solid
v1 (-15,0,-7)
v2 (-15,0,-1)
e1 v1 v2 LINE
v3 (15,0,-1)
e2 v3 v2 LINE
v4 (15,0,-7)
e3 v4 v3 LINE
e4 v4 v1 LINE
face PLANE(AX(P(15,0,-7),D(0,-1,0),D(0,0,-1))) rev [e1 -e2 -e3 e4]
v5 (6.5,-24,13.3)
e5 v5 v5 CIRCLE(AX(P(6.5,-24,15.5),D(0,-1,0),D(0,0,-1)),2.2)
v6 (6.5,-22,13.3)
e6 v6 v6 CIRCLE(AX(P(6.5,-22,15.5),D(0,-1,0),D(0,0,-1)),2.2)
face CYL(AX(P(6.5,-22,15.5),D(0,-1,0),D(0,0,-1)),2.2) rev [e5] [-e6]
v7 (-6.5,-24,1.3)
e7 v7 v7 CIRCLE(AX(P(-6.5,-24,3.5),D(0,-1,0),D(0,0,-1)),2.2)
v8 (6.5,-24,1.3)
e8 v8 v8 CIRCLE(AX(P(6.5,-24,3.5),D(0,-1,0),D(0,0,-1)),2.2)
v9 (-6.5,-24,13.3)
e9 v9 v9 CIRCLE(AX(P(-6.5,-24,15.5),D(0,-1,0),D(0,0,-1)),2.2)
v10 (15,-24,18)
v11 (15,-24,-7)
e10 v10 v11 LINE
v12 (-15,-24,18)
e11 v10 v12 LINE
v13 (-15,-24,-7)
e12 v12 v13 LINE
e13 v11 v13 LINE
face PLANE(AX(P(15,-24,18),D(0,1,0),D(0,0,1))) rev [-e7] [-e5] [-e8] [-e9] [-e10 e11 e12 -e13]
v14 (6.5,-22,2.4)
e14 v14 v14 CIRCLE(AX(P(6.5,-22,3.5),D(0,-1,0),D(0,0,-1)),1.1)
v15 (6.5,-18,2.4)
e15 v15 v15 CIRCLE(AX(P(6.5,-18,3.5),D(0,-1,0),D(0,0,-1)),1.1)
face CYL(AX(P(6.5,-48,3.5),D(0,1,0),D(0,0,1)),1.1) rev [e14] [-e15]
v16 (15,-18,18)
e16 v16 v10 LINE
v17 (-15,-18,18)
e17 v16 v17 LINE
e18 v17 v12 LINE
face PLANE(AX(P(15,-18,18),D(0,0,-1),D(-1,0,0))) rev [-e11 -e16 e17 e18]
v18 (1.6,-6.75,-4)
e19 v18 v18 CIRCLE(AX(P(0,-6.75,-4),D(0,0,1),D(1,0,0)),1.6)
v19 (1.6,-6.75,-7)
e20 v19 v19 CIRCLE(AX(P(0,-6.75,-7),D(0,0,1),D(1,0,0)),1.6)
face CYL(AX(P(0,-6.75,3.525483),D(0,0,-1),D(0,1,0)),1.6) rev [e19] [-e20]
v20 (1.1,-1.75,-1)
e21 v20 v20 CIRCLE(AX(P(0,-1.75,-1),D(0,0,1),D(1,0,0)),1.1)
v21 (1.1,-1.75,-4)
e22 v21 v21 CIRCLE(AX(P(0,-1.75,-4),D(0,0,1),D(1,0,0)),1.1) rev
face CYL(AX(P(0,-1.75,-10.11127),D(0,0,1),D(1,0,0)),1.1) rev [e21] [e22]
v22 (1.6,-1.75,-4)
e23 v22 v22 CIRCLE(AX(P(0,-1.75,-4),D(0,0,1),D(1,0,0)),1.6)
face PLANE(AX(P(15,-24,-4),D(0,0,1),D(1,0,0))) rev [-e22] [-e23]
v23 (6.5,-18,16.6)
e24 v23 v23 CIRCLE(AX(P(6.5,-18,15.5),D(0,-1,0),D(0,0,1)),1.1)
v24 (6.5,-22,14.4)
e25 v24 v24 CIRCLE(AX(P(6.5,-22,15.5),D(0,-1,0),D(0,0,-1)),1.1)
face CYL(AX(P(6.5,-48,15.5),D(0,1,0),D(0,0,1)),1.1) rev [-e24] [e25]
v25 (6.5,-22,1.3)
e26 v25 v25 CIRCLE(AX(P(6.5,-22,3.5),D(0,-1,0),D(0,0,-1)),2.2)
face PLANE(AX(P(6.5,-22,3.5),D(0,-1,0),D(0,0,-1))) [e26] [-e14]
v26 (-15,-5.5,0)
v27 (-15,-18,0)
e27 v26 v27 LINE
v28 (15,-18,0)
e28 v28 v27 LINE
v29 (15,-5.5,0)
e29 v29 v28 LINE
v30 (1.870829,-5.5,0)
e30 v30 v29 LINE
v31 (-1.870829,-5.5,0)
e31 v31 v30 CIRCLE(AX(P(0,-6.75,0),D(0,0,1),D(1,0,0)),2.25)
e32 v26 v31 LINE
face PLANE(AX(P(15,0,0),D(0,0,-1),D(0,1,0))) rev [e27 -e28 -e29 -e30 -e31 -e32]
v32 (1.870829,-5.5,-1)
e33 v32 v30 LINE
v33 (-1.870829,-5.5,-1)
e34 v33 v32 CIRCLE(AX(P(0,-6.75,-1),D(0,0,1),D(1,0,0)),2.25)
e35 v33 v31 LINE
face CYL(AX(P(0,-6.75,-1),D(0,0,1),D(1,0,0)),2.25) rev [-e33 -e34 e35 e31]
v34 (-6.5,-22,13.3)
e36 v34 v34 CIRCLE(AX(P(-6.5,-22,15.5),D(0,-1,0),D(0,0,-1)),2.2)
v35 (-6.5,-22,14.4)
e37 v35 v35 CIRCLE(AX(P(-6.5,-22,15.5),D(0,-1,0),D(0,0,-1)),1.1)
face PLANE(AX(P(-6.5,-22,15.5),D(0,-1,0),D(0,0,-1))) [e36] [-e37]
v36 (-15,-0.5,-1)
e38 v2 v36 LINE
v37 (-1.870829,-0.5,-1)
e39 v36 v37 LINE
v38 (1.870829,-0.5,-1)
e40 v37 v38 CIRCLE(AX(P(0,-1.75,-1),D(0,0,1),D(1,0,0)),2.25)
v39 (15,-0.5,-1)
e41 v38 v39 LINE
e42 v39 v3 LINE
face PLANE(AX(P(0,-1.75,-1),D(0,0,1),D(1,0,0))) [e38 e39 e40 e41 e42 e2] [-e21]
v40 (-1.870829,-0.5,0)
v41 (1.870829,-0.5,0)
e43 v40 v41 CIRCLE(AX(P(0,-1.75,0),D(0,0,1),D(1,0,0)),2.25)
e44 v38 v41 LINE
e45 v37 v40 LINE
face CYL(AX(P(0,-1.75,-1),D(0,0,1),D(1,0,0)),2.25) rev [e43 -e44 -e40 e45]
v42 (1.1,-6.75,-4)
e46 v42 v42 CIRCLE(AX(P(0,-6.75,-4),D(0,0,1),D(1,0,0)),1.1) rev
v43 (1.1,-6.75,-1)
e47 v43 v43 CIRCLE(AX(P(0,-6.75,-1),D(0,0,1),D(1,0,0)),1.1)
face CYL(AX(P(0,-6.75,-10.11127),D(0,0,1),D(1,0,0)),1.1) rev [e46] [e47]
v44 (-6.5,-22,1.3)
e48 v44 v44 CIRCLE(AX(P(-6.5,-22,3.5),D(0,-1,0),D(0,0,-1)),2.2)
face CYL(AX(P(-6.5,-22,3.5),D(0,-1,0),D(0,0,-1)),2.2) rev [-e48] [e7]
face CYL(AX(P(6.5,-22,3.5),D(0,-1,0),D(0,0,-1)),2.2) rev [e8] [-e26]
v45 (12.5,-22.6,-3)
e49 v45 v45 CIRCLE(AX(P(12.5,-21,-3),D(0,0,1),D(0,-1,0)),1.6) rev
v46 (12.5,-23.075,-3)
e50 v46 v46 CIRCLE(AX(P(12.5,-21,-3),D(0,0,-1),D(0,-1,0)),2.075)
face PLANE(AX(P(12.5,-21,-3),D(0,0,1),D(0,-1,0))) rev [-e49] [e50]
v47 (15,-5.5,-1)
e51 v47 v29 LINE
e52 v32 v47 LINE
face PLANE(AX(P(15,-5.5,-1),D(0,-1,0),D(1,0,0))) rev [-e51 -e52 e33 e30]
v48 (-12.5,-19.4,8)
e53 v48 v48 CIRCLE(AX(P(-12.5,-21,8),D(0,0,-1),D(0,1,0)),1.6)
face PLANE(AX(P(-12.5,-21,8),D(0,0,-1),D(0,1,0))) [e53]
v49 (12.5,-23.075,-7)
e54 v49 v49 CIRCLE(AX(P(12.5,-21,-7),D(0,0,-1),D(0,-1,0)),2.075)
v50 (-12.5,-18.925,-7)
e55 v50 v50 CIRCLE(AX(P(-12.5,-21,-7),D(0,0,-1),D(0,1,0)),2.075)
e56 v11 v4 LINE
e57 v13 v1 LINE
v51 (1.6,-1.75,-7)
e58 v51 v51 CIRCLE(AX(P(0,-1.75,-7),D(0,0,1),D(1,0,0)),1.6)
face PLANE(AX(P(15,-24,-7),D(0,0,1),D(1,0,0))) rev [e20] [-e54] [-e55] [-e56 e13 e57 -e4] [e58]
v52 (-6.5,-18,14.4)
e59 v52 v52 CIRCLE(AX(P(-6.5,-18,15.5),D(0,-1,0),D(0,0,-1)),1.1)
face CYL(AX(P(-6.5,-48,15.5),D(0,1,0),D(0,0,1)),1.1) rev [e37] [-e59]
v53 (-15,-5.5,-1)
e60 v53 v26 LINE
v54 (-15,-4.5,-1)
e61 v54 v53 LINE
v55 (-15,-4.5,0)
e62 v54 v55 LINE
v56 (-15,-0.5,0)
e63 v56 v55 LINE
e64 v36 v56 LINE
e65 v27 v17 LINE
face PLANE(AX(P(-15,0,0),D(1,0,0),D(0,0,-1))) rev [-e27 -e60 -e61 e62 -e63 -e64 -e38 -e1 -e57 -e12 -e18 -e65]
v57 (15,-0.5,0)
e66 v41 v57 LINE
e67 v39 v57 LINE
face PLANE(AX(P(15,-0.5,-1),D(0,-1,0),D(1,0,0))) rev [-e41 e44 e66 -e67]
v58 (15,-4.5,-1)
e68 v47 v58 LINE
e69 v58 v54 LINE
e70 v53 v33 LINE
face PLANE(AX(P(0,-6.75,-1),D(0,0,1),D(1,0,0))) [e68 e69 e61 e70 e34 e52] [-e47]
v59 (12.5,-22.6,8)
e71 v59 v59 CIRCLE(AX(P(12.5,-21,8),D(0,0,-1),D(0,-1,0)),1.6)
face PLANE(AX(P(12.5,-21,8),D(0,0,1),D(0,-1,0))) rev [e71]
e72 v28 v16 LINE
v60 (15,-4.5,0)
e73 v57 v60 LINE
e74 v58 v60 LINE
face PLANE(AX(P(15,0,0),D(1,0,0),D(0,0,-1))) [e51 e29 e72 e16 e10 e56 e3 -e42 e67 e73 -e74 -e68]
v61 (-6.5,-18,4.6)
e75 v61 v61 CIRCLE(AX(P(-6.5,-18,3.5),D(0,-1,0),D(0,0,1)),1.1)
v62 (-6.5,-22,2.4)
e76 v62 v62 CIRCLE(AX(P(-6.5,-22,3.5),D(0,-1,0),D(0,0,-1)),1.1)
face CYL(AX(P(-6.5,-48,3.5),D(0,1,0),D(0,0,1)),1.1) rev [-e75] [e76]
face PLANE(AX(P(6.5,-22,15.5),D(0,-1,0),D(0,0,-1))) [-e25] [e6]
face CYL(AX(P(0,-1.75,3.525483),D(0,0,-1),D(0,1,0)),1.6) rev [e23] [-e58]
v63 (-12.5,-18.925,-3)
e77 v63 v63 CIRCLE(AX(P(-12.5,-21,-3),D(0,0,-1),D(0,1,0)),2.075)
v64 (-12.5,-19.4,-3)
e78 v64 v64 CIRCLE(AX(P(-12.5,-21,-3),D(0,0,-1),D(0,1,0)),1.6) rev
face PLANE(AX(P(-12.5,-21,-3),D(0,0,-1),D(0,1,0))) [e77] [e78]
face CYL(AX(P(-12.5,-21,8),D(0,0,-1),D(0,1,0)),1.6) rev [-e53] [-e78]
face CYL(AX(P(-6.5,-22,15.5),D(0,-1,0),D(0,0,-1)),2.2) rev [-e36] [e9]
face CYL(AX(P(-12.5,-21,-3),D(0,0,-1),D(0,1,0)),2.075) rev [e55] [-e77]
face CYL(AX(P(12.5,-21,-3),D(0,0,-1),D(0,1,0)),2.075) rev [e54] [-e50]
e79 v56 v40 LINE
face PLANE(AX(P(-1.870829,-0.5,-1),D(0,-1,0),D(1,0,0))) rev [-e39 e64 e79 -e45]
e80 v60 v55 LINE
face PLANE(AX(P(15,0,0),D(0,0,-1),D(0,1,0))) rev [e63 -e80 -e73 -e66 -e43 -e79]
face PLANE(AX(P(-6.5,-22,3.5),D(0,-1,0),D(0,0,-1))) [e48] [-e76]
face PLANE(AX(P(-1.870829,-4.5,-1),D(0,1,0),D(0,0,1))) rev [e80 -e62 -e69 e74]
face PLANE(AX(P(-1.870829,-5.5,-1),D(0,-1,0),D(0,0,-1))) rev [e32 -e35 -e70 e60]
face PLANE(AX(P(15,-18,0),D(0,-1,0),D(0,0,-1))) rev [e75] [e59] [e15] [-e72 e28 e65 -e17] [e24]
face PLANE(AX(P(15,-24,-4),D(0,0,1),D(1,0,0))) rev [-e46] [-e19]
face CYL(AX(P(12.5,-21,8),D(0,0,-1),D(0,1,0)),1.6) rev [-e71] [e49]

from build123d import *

# Parameters (mm, degrees)
RESSALTO_EXTRUS_O1_DEPTH = 15
ESBO_O3_R                = 1.1
CORTE_EXTRUS_O1_DEPTH    = 30
CORTE_EXTRUS_O8_DEPTH    = 1
ESBO_O16_R               = 1.1
CORTE_EXTRUS_O9_DEPTH    = 7
ESBO_O17_R               = 1.6
CORTE_EXTRUS_O10_DEPTH   = 3
ESBO_O18_R               = 1.6
CORTE_EXTRUS_O11_DEPTH   = 15
ESBO_O19_R               = 2.075
CORTE_EXTRUS_O12_DEPTH   = 4
ESBO_O20_R               = 2.2
CORTE_EXTRUS_O13_DEPTH   = 2


with BuildPart() as part:
    # Esboço1 → Ressalto-extrusão1 (new body, symmetric)
    with BuildSketch(Plane(origin=(0, 0, 0), x_dir=(0, 0, -1), z_dir=(1, 0, 0))):
        Polygon((0, 0), (0, -18), (-18, -18), (-18, -24), (7, -24), (7, 0), align=None)
    extrude(amount=RESSALTO_EXTRUS_O1_DEPTH, both=True)

    # Esboço3 → Corte-extrusão1 (cut)
    with BuildSketch(Plane.XZ.offset(18)):
        with Locations((-6.5, 15.5)):
            Circle(ESBO_O3_R)
        with Locations((6.5, 15.5)):
            Circle(ESBO_O3_R)
        with Locations((6.5, 3.5)):
            Circle(ESBO_O3_R)
        with Locations((-6.5, 3.5)):
            Circle(ESBO_O3_R)
    extrude(amount=CORTE_EXTRUS_O1_DEPTH, mode=Mode.SUBTRACT)

    # Esboço15 → Corte-extrusão8 (cut)
    with BuildSketch(Plane.XY):
        with BuildLine():
            Line((-1.870828693, -4.5), (-15, -4.5))
            Line((-15, -4.5), (-15, -5.5))
            Line((-15, -5.5), (-1.870828693, -5.5))
            ThreePointArc((-1.870828693, -5.5), (0, -9), (1.870828693, -5.5))
            Line((1.870828693, -5.5), (15, -5.5))
            Line((15, -5.5), (15, -4.5))
            Line((15, -4.5), (1.870828693, -4.5))
            Line((1.870828693, -4.5), (-1.870828693, -4.5))
        make_face()
        with BuildLine():
            Line((15, -0.5), (1.870828693, -0.5))
            ThreePointArc((1.870828693, -0.5), (0, -4), (-1.870828693, -0.5))
            Line((-1.870828693, -0.5), (-15, -0.5))
            Line((-15, -0.5), (-15, 0.5))
            Line((-15, 0.5), (-1.870828693, 0.5))
            Line((-1.870828693, 0.5), (1.870828693, 0.5))
            Line((1.870828693, 0.5), (15, 0.5))
            Line((15, 0.5), (15, -0.5))
        make_face()
    extrude(amount=-CORTE_EXTRUS_O8_DEPTH, mode=Mode.SUBTRACT)

    # Esboço16 → Corte-extrusão9 (cut)
    with BuildSketch(Plane.XY):
        with Locations((0, -1.75)):
            Circle(ESBO_O16_R)
        with Locations((0, -6.75)):
            Circle(ESBO_O16_R)
    extrude(amount=-CORTE_EXTRUS_O9_DEPTH, mode=Mode.SUBTRACT)

    # Esboço17 → Corte-extrusão10 (cut)
    with BuildSketch(Plane(origin=(0, 0, -7), x_dir=(-1, 0, 0), z_dir=(0, 0, -1))):
        with Locations((0, -1.75)):
            Circle(ESBO_O17_R)
        with Locations((0, -6.75)):
            Circle(ESBO_O17_R)
    extrude(amount=-CORTE_EXTRUS_O10_DEPTH, mode=Mode.SUBTRACT)

    # Esboço18 → Corte-extrusão11 (cut)
    with BuildSketch(Plane(origin=(0, 0, -7), x_dir=(-1, 0, 0), z_dir=(0, 0, -1))):
        with Locations((12.5, -21)):
            Circle(ESBO_O18_R)
        with Locations((-12.5, -21)):
            Circle(ESBO_O18_R)
    extrude(amount=-CORTE_EXTRUS_O11_DEPTH, mode=Mode.SUBTRACT)

    # Esboço19 → Corte-extrusão12 (cut)
    with BuildSketch(Plane(origin=(0, 0, -7), x_dir=(-1, 0, 0), z_dir=(0, 0, -1))):
        with Locations((12.5, -21)):
            Circle(ESBO_O19_R)
        with Locations((-12.5, -21)):
            Circle(ESBO_O19_R)
    extrude(amount=-CORTE_EXTRUS_O12_DEPTH, mode=Mode.SUBTRACT)

    # Esboço20 → Corte-extrusão13 (cut)
    with BuildSketch(Plane.XZ.offset(24)):
        with Locations((-6.5, 15.5)):
            Circle(ESBO_O20_R)
        with Locations((6.5, 15.5)):
            Circle(ESBO_O20_R)
        with Locations((6.5, 3.5)):
            Circle(ESBO_O20_R)
        with Locations((-6.5, 3.5)):
            Circle(ESBO_O20_R)
    extrude(amount=-CORTE_EXTRUS_O13_DEPTH, mode=Mode.SUBTRACT)


solid = part.part
